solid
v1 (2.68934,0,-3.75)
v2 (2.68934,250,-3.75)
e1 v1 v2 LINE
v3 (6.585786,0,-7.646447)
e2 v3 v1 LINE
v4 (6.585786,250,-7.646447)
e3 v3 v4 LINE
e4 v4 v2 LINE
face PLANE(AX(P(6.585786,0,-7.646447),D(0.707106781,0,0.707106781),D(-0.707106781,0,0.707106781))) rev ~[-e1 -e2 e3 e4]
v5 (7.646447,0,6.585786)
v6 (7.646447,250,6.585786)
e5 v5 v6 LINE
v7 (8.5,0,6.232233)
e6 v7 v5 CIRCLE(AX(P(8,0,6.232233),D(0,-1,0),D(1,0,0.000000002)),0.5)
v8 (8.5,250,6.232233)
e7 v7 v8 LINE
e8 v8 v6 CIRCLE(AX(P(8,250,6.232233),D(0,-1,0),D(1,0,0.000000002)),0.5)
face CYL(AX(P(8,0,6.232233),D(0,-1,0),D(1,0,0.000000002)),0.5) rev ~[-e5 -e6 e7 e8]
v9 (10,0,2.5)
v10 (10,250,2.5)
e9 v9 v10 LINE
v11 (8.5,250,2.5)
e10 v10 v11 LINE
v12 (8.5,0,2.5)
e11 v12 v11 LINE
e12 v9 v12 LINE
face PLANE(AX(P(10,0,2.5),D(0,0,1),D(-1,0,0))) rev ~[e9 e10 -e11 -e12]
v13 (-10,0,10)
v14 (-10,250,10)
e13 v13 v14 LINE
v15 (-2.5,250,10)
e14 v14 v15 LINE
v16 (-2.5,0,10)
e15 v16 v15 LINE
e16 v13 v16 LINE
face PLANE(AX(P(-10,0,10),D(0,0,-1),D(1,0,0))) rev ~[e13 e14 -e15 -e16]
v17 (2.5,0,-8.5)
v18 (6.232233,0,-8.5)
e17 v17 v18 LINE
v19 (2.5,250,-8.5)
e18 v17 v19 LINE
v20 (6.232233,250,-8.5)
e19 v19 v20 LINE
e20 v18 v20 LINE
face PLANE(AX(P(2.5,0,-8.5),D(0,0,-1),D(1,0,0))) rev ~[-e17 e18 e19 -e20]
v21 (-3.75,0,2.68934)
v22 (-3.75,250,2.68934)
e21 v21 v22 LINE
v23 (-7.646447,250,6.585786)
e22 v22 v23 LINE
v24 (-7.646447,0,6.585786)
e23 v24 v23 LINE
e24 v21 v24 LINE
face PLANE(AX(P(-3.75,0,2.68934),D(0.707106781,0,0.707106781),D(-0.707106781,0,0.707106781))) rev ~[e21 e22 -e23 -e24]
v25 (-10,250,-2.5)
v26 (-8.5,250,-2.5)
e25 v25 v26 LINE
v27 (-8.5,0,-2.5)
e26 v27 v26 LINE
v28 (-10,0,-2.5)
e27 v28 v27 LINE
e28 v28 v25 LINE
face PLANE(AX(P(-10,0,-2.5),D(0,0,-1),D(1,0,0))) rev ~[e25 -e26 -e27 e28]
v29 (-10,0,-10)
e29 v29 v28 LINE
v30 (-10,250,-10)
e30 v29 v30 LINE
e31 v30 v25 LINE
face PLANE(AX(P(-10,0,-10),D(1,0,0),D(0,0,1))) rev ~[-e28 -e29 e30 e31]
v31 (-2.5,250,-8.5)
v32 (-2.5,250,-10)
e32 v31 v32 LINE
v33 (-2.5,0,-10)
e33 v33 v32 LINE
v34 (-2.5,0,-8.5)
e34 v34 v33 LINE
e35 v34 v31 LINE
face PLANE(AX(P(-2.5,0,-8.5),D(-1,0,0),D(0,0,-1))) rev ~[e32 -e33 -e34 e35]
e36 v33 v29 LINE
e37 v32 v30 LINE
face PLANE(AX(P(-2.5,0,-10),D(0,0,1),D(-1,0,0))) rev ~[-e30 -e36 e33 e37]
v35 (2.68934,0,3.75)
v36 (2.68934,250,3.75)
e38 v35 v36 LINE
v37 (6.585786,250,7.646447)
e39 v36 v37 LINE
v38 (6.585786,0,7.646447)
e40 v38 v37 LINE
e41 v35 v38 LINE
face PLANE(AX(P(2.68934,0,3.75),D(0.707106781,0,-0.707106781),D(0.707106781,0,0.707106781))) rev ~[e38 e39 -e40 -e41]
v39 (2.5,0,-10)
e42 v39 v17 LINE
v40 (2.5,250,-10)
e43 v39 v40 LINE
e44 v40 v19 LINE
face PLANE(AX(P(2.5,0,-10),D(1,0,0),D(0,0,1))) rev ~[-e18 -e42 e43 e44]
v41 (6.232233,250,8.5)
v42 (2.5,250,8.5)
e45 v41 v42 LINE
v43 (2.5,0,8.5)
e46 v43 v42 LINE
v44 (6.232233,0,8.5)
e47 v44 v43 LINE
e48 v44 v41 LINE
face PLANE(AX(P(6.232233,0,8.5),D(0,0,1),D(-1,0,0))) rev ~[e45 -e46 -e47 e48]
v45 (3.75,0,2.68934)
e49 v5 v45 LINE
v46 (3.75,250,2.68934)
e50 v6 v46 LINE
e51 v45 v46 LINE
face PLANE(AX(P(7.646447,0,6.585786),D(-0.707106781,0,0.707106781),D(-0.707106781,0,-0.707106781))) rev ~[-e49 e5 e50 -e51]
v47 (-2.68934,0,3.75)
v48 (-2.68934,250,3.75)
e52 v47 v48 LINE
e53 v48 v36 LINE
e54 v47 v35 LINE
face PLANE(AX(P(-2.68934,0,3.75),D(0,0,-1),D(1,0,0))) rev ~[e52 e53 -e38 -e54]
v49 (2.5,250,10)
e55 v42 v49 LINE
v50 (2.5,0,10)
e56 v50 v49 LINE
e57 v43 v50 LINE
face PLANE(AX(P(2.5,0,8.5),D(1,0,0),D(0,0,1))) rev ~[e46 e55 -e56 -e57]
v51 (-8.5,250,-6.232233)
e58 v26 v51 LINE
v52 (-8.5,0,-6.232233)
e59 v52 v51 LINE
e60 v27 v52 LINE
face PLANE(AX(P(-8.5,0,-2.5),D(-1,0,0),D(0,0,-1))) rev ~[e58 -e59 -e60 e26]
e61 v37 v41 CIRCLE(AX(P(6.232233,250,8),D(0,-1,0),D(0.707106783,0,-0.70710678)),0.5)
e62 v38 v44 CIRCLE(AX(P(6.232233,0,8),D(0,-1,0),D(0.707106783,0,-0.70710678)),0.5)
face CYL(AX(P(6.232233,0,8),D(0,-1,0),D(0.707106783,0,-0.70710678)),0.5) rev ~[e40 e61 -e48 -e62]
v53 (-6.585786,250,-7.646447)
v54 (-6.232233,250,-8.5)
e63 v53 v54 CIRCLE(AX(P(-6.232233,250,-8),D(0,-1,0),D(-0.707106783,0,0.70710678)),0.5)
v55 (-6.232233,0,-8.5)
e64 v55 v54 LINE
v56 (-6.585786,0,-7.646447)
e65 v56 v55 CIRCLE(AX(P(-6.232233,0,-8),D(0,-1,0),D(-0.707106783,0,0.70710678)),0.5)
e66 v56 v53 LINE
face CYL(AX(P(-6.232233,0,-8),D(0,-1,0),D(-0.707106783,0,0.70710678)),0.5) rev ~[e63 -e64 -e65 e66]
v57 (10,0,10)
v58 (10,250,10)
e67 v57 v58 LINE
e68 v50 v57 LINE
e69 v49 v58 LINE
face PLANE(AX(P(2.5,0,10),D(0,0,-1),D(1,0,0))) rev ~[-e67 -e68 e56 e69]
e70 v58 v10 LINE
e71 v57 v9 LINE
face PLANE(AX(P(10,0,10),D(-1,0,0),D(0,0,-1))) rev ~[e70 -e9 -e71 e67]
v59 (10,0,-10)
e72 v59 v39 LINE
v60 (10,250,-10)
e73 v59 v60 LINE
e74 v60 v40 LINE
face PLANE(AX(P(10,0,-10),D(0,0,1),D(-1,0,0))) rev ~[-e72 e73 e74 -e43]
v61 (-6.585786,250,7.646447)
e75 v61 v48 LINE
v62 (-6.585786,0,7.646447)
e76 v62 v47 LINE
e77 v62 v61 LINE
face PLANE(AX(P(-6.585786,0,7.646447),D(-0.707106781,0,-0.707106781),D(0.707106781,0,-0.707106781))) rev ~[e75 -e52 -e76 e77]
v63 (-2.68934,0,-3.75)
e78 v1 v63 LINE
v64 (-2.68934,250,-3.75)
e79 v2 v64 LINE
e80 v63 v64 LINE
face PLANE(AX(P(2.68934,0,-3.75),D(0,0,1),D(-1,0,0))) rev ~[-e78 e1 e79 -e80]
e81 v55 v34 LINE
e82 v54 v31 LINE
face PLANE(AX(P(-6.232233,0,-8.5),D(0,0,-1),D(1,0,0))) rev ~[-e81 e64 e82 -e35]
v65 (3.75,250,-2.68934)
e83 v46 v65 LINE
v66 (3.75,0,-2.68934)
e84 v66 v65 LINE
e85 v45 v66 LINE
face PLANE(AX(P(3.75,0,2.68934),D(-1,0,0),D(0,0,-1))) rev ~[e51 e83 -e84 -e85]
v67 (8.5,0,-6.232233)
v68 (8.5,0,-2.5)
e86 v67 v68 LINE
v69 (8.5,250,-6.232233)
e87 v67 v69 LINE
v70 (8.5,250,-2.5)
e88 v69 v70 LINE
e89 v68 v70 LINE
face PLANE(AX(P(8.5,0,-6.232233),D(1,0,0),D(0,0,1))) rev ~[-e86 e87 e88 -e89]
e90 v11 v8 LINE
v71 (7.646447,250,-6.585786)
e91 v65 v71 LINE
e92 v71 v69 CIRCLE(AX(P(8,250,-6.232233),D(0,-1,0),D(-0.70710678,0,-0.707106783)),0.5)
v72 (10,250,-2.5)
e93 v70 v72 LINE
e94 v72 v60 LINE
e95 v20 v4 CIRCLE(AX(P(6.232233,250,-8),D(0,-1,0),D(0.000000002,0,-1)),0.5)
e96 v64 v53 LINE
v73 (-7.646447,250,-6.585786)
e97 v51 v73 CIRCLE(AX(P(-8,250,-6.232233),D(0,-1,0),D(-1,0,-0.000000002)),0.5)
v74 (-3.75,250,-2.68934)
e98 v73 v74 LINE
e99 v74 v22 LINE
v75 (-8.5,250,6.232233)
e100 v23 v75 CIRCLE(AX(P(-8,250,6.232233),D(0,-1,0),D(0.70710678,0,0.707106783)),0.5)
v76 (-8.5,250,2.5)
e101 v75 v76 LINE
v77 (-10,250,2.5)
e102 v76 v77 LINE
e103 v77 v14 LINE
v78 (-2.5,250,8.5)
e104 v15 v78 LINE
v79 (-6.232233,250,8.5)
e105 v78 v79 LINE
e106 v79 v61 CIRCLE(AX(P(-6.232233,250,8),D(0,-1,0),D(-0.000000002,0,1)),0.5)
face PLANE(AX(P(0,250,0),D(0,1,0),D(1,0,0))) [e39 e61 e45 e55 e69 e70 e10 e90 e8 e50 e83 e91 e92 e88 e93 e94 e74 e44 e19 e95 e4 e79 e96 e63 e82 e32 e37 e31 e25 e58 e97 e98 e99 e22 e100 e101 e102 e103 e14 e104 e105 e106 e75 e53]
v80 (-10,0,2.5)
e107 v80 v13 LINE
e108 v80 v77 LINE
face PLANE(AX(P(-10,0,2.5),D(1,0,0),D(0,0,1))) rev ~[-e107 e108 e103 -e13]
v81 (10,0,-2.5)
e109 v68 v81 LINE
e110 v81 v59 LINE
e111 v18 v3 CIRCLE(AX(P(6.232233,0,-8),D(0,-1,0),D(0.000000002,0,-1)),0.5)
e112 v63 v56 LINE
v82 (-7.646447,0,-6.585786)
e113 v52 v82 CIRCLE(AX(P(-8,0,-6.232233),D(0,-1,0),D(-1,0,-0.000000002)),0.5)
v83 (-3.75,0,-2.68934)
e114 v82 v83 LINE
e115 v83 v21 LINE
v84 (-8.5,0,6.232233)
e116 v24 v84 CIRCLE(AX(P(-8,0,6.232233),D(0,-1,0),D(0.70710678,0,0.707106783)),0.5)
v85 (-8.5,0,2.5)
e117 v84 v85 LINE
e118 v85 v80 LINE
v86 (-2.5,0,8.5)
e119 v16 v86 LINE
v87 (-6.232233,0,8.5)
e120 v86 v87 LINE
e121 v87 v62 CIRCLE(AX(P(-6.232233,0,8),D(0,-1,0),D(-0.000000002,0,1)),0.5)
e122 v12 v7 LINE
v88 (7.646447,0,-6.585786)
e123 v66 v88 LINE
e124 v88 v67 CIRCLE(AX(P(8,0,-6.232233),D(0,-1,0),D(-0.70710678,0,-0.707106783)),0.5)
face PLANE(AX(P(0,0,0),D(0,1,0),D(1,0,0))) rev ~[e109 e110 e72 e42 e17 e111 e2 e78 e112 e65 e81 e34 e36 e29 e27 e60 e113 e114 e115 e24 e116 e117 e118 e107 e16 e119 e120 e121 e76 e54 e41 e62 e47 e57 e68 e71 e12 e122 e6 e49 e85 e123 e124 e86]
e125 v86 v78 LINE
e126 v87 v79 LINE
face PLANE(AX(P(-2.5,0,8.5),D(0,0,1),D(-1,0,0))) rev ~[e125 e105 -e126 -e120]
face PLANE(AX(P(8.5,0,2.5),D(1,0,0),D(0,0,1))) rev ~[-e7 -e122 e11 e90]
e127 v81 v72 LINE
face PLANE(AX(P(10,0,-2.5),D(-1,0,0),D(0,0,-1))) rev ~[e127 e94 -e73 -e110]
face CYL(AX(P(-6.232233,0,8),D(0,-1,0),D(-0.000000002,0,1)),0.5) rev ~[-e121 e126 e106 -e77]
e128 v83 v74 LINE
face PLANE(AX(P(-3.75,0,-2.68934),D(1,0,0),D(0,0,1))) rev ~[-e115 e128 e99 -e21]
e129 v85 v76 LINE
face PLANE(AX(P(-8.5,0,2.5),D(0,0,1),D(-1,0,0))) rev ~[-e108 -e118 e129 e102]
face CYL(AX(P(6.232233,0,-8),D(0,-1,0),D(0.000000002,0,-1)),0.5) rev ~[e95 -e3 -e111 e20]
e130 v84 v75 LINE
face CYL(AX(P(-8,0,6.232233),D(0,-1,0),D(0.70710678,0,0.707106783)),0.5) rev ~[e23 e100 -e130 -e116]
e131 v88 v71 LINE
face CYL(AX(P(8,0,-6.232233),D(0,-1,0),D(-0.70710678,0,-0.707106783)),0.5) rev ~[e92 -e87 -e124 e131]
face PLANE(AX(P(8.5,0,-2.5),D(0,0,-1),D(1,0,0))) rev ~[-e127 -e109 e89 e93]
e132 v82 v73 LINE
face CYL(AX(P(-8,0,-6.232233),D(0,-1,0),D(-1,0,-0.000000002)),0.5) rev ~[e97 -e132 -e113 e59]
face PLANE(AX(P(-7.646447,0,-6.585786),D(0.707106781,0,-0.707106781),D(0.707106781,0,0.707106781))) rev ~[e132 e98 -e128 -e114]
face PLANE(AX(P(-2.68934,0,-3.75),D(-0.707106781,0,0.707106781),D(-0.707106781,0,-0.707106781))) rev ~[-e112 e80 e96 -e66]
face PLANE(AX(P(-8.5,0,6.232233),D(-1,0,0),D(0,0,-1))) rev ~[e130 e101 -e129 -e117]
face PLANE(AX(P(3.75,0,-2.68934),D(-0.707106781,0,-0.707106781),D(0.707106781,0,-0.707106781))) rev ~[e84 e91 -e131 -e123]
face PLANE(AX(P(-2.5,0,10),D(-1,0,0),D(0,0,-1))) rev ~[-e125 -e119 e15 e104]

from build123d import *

# Parameters (mm, degrees)
BOSS_EXTRU_1_DEPTH = 250


with BuildPart() as part:
    # Esquisse1 → Boss.-Extru.1 (new body)
    with BuildSketch(Plane(origin=(0, 0, 0), x_dir=(1, 0, 0), z_dir=(0, 1, 0))):
        with BuildLine():
            Line((-10, -2.5), (-10, -10))
            Line((-10, -10), (-2.5, -10))
            Line((-2.5, -10), (-2.5, -8.5))
            Line((-2.5, -8.5), (-6.232233047, -8.5))
            ThreePointArc((-6.232233047, -8.5), (-6.694172813, -8.191341716), (-6.585786438, -7.646446609))
            Line((-6.585786438, -7.646446609), (-2.689339828, -3.75))
            Line((-2.689339828, -3.75), (2.689339828, -3.75))
            Line((2.689339828, -3.75), (6.585786438, -7.646446609))
            ThreePointArc((6.585786438, -7.646446609), (6.694172813, -8.191341716), (6.232233047, -8.5))
            Line((6.232233047, -8.5), (2.5, -8.5))
            Line((2.5, -8.5), (2.5, -10))
            Line((2.5, -10), (10, -10))
            Line((10, -10), (10, -2.5))
            Line((10, -2.5), (8.5, -2.5))
            Line((8.5, -2.5), (8.5, -6.232233047))
            ThreePointArc((8.5, -6.232233047), (8.191341716, -6.694172813), (7.646446609, -6.585786438))
            Line((7.646446609, -6.585786438), (3.75, -2.689339828))
            Line((3.75, -2.689339828), (3.75, 2.689339828))
            Line((3.75, 2.689339828), (7.646446609, 6.585786438))
            ThreePointArc((7.646446609, 6.585786438), (8.191341716, 6.694172813), (8.5, 6.232233047))
            Line((8.5, 6.232233047), (8.5, 2.5))
            Line((8.5, 2.5), (10, 2.5))
            Line((10, 2.5), (10, 10))
            Line((10, 10), (2.5, 10))
            Line((2.5, 10), (2.5, 8.5))
            Line((2.5, 8.5), (6.232233047, 8.5))
            ThreePointArc((6.232233047, 8.5), (6.694172813, 8.191341716), (6.585786438, 7.646446609))
            Line((6.585786438, 7.646446609), (2.689339828, 3.75))
            Line((2.689339828, 3.75), (-2.689339828, 3.75))
            Line((-2.689339828, 3.75), (-6.585786438, 7.646446609))
            ThreePointArc((-6.585786438, 7.646446609), (-6.694172813, 8.191341716), (-6.232233047, 8.5))
            Line((-6.232233047, 8.5), (-2.5, 8.5))
            Line((-2.5, 8.5), (-2.5, 10))
            Line((-2.5, 10), (-10, 10))
            Line((-10, 10), (-10, 2.5))
            Line((-10, 2.5), (-8.5, 2.5))
            Line((-8.5, 2.5), (-8.5, 6.232233047))
            ThreePointArc((-8.5, 6.232233047), (-8.191341716, 6.694172813), (-7.646446609, 6.585786438))
            Line((-7.646446609, 6.585786438), (-3.75, 2.689339828))
            Line((-3.75, 2.689339828), (-3.75, -2.689339828))
            Line((-3.75, -2.689339828), (-7.646446609, -6.585786438))
            ThreePointArc((-7.646446609, -6.585786438), (-8.191341716, -6.694172813), (-8.5, -6.232233047))
            Line((-8.5, -6.232233047), (-8.5, -2.5))
            Line((-8.5, -2.5), (-10, -2.5))
        make_face()
    extrude(amount=BOSS_EXTRU_1_DEPTH)


solid = part.part
